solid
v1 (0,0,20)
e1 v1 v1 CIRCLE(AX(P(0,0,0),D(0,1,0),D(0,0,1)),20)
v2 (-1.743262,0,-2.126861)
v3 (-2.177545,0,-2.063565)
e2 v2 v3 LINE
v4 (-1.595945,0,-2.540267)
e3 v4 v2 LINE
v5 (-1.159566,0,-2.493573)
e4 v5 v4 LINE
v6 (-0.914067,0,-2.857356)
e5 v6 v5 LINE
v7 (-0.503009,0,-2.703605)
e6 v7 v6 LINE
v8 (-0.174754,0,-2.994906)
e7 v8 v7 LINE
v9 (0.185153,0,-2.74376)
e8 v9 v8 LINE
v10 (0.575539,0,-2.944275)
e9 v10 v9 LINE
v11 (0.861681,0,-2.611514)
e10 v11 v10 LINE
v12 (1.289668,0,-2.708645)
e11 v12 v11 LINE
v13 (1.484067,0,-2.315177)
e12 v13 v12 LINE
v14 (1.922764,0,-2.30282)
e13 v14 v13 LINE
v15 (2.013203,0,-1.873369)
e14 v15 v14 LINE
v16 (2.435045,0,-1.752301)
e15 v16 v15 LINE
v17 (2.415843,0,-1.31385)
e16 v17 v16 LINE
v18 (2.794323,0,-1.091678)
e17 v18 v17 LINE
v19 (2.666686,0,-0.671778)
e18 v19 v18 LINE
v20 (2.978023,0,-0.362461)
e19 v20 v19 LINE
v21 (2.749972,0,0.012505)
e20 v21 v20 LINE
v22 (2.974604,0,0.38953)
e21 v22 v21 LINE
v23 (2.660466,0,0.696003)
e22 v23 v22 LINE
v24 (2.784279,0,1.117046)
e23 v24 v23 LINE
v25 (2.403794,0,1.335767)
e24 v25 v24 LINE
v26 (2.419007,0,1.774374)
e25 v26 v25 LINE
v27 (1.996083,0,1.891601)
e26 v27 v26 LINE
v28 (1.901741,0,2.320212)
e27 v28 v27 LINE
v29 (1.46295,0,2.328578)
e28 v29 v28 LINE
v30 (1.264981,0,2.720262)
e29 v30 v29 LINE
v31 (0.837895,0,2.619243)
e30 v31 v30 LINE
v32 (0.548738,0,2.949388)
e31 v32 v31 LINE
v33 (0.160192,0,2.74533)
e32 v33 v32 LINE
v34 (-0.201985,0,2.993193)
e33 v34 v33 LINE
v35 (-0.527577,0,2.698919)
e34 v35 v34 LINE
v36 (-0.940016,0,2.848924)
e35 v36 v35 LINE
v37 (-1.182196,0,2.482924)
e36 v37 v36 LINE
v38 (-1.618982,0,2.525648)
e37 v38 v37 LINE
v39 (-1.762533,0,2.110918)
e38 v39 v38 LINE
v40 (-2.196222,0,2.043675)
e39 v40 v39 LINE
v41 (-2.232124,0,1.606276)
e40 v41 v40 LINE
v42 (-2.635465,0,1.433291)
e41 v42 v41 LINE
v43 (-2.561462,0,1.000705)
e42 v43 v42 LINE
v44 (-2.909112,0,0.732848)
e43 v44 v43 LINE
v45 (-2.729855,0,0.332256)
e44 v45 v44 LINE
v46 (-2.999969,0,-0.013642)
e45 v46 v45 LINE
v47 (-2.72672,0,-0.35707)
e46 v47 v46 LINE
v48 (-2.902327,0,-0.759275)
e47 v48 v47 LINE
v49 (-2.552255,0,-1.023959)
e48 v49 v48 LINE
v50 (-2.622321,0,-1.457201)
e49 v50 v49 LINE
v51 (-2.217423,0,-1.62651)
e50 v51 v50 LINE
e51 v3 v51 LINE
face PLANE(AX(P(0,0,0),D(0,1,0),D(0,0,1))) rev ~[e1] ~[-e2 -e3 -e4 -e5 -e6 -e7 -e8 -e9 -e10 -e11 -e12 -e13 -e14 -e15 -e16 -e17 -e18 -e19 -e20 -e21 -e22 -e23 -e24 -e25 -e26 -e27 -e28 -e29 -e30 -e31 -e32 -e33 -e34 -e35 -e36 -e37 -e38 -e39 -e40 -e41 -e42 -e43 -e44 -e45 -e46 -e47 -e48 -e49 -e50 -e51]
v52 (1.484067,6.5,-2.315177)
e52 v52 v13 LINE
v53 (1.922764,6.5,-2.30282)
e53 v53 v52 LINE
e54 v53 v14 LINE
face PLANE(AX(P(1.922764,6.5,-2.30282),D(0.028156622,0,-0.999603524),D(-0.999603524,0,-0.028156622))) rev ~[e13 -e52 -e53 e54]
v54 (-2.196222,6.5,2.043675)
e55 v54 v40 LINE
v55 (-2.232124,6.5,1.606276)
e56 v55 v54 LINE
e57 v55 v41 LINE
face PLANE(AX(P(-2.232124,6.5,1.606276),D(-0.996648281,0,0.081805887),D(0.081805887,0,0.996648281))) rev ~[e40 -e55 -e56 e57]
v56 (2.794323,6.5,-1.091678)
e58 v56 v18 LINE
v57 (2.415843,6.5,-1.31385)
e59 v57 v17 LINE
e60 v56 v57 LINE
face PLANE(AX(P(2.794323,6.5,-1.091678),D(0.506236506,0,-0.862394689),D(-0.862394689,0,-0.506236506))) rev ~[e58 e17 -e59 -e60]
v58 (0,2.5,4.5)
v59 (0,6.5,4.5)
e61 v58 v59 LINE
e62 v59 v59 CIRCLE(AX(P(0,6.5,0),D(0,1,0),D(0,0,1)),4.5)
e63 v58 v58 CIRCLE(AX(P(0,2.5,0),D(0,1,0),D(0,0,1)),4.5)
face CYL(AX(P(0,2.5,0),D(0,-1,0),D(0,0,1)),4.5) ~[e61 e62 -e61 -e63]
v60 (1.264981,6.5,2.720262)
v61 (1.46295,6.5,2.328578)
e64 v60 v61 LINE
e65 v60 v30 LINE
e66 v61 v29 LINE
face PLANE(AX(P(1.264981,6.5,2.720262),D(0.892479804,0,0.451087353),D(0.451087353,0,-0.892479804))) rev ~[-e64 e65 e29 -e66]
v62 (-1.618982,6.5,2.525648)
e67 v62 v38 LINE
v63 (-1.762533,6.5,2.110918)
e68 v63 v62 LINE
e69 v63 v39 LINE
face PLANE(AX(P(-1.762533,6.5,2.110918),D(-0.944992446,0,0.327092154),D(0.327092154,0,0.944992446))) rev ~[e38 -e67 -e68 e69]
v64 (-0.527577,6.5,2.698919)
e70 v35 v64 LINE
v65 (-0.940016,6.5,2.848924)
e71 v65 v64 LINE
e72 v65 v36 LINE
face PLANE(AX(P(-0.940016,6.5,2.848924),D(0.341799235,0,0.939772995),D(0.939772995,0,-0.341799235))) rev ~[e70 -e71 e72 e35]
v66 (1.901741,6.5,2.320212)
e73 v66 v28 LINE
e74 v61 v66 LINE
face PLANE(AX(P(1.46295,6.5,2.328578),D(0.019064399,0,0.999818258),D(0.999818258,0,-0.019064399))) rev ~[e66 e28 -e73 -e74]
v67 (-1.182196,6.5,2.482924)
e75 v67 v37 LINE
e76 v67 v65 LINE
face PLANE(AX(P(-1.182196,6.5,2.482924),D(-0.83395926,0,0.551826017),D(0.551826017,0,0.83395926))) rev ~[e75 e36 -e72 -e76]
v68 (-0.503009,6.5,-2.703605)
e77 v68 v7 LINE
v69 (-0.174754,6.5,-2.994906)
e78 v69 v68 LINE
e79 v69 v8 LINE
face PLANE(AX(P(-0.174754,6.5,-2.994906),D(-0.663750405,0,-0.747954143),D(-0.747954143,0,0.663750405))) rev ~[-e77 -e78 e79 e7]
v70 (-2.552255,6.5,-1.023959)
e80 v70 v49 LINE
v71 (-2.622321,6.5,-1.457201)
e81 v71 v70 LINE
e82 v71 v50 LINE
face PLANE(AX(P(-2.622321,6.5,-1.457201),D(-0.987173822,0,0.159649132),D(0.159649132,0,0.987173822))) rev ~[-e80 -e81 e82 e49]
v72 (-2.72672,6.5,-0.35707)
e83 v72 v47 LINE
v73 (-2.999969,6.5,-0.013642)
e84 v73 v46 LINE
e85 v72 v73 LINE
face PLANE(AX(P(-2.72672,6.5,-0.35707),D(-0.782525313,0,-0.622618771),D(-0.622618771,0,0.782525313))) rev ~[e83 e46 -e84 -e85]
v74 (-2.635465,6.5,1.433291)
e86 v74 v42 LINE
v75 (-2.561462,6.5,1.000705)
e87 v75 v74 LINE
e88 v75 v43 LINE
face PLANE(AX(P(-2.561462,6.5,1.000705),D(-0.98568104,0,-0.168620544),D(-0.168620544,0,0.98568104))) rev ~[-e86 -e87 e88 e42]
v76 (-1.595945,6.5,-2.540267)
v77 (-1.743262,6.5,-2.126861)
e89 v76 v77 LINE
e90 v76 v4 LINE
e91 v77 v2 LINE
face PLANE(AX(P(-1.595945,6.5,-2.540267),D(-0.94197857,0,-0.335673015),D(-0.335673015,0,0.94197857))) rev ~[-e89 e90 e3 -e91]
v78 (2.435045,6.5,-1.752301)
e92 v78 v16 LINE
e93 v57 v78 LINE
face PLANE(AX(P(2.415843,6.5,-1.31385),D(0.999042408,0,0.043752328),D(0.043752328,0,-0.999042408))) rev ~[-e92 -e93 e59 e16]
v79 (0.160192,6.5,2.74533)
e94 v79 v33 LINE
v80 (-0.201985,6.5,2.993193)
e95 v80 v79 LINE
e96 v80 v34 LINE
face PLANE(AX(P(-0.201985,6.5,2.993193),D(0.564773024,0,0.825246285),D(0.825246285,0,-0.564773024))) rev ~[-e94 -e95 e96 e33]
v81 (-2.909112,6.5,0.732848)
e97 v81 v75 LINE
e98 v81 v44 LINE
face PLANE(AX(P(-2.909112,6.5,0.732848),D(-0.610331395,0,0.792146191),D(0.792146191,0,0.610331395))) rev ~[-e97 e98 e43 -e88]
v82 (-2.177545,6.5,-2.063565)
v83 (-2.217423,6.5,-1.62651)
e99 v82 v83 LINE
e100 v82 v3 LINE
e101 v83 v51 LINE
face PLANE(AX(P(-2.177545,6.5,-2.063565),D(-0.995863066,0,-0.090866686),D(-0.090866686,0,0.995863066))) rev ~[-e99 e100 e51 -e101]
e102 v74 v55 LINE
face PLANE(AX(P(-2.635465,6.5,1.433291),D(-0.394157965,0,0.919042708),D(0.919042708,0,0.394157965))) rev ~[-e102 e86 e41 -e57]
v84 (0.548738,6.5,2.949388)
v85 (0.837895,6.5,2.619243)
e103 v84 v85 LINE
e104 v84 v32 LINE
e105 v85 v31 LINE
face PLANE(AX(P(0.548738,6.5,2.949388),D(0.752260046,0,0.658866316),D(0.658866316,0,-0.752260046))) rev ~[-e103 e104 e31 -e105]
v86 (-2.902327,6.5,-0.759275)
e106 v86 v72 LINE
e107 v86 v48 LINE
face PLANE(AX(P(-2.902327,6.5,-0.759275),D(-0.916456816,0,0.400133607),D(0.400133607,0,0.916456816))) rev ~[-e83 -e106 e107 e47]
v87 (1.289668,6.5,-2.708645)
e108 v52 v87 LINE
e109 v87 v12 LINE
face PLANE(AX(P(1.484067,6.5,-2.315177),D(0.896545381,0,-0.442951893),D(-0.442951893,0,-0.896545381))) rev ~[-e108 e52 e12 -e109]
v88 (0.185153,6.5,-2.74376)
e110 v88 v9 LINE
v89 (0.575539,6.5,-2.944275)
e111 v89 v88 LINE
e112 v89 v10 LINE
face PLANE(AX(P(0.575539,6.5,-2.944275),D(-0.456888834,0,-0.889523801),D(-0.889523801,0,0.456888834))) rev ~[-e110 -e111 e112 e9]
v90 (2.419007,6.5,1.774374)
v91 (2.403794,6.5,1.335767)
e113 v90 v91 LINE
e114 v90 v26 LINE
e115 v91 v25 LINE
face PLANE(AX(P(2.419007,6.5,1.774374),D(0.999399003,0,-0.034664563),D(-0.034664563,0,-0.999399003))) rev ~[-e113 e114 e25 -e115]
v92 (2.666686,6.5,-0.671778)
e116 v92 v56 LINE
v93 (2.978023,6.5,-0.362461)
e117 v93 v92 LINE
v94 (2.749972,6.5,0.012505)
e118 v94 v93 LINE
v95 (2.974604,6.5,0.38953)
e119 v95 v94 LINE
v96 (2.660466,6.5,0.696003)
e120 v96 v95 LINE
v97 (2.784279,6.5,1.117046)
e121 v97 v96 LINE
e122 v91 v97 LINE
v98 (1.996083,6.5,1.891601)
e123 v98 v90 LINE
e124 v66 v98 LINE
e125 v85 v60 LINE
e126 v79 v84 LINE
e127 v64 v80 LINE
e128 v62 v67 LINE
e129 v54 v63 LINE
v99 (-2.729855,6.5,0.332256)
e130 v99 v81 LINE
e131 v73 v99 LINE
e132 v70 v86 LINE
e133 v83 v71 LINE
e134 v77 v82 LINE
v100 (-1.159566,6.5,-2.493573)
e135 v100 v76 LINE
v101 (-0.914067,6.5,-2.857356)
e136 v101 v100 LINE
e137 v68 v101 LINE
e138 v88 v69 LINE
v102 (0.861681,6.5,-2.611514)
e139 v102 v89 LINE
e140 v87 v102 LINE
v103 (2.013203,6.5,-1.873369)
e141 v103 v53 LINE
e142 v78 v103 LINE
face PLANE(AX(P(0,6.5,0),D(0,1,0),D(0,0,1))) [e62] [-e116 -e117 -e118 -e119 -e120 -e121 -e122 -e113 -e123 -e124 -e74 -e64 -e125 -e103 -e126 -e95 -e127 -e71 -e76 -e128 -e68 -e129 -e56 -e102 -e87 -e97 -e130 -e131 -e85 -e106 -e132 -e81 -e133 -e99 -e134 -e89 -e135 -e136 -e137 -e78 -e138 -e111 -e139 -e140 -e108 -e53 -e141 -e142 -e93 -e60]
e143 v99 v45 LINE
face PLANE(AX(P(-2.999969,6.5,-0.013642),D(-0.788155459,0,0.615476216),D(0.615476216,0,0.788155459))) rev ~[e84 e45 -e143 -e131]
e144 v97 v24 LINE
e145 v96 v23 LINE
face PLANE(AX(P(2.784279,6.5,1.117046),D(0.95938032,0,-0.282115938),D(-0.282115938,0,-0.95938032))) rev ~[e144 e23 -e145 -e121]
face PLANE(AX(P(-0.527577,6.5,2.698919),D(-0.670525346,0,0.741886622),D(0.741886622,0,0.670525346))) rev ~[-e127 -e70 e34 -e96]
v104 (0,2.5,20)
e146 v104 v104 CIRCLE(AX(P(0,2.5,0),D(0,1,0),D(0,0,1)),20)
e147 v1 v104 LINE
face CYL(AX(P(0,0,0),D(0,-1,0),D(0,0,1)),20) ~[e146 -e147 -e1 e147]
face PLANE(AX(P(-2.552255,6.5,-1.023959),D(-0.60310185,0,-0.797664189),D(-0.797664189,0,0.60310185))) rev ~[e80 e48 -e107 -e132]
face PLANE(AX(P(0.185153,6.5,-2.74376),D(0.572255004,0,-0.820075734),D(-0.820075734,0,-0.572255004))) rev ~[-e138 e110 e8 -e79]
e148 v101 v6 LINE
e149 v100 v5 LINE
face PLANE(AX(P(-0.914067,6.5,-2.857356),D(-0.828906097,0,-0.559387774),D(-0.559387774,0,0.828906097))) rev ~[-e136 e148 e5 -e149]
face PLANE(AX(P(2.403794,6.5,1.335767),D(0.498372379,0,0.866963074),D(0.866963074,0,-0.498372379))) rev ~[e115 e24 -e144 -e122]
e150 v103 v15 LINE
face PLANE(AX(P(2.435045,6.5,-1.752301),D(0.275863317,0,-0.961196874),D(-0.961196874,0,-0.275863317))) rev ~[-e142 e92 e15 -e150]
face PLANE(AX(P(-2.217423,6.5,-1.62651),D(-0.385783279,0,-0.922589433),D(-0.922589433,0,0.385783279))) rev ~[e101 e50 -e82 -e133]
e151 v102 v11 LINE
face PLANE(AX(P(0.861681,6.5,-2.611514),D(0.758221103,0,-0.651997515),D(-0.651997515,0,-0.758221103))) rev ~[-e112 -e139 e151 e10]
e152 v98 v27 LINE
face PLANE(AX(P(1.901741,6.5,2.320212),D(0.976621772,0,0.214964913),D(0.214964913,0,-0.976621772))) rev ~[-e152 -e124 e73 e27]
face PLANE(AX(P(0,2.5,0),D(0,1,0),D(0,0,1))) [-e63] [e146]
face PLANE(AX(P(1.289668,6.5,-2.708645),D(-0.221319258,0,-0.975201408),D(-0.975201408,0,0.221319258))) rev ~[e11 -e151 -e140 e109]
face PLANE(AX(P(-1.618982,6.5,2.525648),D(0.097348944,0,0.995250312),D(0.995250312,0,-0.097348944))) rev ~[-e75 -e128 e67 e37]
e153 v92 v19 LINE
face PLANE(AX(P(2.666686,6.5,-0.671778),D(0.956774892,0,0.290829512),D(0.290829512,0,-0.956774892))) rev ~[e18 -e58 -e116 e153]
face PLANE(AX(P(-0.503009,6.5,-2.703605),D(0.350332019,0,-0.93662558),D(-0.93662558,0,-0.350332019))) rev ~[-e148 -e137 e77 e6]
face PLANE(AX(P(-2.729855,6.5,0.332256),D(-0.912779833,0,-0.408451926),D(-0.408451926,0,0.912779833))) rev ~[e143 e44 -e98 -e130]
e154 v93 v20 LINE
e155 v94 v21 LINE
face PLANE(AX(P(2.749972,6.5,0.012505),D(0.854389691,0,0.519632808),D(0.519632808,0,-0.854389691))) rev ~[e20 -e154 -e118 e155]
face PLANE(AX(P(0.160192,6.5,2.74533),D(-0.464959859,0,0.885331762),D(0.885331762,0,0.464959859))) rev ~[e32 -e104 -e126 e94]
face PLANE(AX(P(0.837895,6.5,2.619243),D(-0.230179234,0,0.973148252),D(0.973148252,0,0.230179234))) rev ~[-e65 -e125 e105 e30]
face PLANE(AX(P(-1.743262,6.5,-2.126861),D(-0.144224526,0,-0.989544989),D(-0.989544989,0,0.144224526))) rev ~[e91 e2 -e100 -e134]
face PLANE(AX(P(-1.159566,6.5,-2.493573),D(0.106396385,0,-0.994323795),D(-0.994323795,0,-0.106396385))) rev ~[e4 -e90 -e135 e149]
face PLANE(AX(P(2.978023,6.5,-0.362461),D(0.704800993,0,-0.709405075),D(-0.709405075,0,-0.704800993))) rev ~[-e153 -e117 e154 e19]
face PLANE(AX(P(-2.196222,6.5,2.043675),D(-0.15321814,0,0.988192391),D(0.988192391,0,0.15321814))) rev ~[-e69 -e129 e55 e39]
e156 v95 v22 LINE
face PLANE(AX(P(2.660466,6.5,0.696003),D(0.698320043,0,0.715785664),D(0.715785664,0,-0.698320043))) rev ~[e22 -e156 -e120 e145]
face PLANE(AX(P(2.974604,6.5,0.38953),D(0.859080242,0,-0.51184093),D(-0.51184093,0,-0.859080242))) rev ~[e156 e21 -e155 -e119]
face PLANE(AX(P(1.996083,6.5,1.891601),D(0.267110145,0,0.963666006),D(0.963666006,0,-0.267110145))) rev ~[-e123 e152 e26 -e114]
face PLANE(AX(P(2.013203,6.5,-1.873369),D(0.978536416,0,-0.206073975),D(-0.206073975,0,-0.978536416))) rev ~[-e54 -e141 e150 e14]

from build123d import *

# Parameters (mm, degrees)
SKETCH2_R               = 20
BOSS_EXTRUDE1_DEPTH     = 2.5
SKETCH3_R               = 4.5
SKETCH3_R_2             = 2.75
BOSS_EXTRUDE2_DEPTH     = 4
CUT_EXTRUDE1_DEPTH      = 29.565713714
CUT_EXTRUDE1_DEPTH_BACK = 29.565713714
SKETCH3_3_R             = 2.75
CUT_EXTRUDE2_DEPTH      = 30.021543722
CIRPATTERN1_COUNT       = 25


with BuildPart() as part:
    # Sketch2 → Boss-Extrude1 (new body)
    with BuildSketch(Plane(origin=(0, 0, 0), x_dir=(1, 0, 0), z_dir=(0, 1, 0))):
        Circle(SKETCH2_R)
    extrude(amount=BOSS_EXTRUDE1_DEPTH)

    # Sketch3 → Boss-Extrude2 (add)
    with BuildSketch(Plane(origin=(0, 2.5, 0), x_dir=(1, 0, 0), z_dir=(0, 1, 0))):
        Circle(SKETCH3_R)
        Circle(SKETCH3_R_2, mode=Mode.SUBTRACT)
    extrude(amount=BOSS_EXTRUDE2_DEPTH)

    # Sketch3<3> → Cut-Extrude1 (cut, two sides: drawn at the far end of the back side and taken through both)
    with BuildSketch(Plane(origin=(0, 2.5, 0), x_dir=(1, 0, 0), z_dir=(0, 1, 0)).offset(-CUT_EXTRUDE1_DEPTH_BACK)):
        Circle(SKETCH3_3_R)
    extrude(amount=CUT_EXTRUDE1_DEPTH + CUT_EXTRUDE1_DEPTH_BACK, mode=Mode.SUBTRACT)

    # Sketch5 → Cut-Extrude2 (cut, symmetric)
    with BuildSketch(Plane(origin=(0, 6.5, 0), x_dir=(1, 0, 0), z_dir=(0, 1, 0))):
        with BuildLine():
            ThreePointArc((0.160191529, -2.74533034), (-0.185152758, -2.743759912), (-0.527577075, -2.698918752))
            Line((-0.527577075, -2.698918752), (-0.201984827, -2.993192632))
            Line((-0.201984827, -2.993192632), (0.160191529, -2.74533034))
        make_face()
    cut_extrude2 = extrude(amount=CUT_EXTRUDE2_DEPTH, both=True, mode=Mode.SUBTRACT)

    # CirPattern1: Cut-Extrude2 ×25 about axis
    cirpattern1_axis = Axis((0, -0.518707645, 0), (0, 1, 0))
    for i in range(1, CIRPATTERN1_COUNT):
        add(cut_extrude2.rotate(cirpattern1_axis, i * 360 / CIRPATTERN1_COUNT), mode=Mode.SUBTRACT)


solid = part.part
